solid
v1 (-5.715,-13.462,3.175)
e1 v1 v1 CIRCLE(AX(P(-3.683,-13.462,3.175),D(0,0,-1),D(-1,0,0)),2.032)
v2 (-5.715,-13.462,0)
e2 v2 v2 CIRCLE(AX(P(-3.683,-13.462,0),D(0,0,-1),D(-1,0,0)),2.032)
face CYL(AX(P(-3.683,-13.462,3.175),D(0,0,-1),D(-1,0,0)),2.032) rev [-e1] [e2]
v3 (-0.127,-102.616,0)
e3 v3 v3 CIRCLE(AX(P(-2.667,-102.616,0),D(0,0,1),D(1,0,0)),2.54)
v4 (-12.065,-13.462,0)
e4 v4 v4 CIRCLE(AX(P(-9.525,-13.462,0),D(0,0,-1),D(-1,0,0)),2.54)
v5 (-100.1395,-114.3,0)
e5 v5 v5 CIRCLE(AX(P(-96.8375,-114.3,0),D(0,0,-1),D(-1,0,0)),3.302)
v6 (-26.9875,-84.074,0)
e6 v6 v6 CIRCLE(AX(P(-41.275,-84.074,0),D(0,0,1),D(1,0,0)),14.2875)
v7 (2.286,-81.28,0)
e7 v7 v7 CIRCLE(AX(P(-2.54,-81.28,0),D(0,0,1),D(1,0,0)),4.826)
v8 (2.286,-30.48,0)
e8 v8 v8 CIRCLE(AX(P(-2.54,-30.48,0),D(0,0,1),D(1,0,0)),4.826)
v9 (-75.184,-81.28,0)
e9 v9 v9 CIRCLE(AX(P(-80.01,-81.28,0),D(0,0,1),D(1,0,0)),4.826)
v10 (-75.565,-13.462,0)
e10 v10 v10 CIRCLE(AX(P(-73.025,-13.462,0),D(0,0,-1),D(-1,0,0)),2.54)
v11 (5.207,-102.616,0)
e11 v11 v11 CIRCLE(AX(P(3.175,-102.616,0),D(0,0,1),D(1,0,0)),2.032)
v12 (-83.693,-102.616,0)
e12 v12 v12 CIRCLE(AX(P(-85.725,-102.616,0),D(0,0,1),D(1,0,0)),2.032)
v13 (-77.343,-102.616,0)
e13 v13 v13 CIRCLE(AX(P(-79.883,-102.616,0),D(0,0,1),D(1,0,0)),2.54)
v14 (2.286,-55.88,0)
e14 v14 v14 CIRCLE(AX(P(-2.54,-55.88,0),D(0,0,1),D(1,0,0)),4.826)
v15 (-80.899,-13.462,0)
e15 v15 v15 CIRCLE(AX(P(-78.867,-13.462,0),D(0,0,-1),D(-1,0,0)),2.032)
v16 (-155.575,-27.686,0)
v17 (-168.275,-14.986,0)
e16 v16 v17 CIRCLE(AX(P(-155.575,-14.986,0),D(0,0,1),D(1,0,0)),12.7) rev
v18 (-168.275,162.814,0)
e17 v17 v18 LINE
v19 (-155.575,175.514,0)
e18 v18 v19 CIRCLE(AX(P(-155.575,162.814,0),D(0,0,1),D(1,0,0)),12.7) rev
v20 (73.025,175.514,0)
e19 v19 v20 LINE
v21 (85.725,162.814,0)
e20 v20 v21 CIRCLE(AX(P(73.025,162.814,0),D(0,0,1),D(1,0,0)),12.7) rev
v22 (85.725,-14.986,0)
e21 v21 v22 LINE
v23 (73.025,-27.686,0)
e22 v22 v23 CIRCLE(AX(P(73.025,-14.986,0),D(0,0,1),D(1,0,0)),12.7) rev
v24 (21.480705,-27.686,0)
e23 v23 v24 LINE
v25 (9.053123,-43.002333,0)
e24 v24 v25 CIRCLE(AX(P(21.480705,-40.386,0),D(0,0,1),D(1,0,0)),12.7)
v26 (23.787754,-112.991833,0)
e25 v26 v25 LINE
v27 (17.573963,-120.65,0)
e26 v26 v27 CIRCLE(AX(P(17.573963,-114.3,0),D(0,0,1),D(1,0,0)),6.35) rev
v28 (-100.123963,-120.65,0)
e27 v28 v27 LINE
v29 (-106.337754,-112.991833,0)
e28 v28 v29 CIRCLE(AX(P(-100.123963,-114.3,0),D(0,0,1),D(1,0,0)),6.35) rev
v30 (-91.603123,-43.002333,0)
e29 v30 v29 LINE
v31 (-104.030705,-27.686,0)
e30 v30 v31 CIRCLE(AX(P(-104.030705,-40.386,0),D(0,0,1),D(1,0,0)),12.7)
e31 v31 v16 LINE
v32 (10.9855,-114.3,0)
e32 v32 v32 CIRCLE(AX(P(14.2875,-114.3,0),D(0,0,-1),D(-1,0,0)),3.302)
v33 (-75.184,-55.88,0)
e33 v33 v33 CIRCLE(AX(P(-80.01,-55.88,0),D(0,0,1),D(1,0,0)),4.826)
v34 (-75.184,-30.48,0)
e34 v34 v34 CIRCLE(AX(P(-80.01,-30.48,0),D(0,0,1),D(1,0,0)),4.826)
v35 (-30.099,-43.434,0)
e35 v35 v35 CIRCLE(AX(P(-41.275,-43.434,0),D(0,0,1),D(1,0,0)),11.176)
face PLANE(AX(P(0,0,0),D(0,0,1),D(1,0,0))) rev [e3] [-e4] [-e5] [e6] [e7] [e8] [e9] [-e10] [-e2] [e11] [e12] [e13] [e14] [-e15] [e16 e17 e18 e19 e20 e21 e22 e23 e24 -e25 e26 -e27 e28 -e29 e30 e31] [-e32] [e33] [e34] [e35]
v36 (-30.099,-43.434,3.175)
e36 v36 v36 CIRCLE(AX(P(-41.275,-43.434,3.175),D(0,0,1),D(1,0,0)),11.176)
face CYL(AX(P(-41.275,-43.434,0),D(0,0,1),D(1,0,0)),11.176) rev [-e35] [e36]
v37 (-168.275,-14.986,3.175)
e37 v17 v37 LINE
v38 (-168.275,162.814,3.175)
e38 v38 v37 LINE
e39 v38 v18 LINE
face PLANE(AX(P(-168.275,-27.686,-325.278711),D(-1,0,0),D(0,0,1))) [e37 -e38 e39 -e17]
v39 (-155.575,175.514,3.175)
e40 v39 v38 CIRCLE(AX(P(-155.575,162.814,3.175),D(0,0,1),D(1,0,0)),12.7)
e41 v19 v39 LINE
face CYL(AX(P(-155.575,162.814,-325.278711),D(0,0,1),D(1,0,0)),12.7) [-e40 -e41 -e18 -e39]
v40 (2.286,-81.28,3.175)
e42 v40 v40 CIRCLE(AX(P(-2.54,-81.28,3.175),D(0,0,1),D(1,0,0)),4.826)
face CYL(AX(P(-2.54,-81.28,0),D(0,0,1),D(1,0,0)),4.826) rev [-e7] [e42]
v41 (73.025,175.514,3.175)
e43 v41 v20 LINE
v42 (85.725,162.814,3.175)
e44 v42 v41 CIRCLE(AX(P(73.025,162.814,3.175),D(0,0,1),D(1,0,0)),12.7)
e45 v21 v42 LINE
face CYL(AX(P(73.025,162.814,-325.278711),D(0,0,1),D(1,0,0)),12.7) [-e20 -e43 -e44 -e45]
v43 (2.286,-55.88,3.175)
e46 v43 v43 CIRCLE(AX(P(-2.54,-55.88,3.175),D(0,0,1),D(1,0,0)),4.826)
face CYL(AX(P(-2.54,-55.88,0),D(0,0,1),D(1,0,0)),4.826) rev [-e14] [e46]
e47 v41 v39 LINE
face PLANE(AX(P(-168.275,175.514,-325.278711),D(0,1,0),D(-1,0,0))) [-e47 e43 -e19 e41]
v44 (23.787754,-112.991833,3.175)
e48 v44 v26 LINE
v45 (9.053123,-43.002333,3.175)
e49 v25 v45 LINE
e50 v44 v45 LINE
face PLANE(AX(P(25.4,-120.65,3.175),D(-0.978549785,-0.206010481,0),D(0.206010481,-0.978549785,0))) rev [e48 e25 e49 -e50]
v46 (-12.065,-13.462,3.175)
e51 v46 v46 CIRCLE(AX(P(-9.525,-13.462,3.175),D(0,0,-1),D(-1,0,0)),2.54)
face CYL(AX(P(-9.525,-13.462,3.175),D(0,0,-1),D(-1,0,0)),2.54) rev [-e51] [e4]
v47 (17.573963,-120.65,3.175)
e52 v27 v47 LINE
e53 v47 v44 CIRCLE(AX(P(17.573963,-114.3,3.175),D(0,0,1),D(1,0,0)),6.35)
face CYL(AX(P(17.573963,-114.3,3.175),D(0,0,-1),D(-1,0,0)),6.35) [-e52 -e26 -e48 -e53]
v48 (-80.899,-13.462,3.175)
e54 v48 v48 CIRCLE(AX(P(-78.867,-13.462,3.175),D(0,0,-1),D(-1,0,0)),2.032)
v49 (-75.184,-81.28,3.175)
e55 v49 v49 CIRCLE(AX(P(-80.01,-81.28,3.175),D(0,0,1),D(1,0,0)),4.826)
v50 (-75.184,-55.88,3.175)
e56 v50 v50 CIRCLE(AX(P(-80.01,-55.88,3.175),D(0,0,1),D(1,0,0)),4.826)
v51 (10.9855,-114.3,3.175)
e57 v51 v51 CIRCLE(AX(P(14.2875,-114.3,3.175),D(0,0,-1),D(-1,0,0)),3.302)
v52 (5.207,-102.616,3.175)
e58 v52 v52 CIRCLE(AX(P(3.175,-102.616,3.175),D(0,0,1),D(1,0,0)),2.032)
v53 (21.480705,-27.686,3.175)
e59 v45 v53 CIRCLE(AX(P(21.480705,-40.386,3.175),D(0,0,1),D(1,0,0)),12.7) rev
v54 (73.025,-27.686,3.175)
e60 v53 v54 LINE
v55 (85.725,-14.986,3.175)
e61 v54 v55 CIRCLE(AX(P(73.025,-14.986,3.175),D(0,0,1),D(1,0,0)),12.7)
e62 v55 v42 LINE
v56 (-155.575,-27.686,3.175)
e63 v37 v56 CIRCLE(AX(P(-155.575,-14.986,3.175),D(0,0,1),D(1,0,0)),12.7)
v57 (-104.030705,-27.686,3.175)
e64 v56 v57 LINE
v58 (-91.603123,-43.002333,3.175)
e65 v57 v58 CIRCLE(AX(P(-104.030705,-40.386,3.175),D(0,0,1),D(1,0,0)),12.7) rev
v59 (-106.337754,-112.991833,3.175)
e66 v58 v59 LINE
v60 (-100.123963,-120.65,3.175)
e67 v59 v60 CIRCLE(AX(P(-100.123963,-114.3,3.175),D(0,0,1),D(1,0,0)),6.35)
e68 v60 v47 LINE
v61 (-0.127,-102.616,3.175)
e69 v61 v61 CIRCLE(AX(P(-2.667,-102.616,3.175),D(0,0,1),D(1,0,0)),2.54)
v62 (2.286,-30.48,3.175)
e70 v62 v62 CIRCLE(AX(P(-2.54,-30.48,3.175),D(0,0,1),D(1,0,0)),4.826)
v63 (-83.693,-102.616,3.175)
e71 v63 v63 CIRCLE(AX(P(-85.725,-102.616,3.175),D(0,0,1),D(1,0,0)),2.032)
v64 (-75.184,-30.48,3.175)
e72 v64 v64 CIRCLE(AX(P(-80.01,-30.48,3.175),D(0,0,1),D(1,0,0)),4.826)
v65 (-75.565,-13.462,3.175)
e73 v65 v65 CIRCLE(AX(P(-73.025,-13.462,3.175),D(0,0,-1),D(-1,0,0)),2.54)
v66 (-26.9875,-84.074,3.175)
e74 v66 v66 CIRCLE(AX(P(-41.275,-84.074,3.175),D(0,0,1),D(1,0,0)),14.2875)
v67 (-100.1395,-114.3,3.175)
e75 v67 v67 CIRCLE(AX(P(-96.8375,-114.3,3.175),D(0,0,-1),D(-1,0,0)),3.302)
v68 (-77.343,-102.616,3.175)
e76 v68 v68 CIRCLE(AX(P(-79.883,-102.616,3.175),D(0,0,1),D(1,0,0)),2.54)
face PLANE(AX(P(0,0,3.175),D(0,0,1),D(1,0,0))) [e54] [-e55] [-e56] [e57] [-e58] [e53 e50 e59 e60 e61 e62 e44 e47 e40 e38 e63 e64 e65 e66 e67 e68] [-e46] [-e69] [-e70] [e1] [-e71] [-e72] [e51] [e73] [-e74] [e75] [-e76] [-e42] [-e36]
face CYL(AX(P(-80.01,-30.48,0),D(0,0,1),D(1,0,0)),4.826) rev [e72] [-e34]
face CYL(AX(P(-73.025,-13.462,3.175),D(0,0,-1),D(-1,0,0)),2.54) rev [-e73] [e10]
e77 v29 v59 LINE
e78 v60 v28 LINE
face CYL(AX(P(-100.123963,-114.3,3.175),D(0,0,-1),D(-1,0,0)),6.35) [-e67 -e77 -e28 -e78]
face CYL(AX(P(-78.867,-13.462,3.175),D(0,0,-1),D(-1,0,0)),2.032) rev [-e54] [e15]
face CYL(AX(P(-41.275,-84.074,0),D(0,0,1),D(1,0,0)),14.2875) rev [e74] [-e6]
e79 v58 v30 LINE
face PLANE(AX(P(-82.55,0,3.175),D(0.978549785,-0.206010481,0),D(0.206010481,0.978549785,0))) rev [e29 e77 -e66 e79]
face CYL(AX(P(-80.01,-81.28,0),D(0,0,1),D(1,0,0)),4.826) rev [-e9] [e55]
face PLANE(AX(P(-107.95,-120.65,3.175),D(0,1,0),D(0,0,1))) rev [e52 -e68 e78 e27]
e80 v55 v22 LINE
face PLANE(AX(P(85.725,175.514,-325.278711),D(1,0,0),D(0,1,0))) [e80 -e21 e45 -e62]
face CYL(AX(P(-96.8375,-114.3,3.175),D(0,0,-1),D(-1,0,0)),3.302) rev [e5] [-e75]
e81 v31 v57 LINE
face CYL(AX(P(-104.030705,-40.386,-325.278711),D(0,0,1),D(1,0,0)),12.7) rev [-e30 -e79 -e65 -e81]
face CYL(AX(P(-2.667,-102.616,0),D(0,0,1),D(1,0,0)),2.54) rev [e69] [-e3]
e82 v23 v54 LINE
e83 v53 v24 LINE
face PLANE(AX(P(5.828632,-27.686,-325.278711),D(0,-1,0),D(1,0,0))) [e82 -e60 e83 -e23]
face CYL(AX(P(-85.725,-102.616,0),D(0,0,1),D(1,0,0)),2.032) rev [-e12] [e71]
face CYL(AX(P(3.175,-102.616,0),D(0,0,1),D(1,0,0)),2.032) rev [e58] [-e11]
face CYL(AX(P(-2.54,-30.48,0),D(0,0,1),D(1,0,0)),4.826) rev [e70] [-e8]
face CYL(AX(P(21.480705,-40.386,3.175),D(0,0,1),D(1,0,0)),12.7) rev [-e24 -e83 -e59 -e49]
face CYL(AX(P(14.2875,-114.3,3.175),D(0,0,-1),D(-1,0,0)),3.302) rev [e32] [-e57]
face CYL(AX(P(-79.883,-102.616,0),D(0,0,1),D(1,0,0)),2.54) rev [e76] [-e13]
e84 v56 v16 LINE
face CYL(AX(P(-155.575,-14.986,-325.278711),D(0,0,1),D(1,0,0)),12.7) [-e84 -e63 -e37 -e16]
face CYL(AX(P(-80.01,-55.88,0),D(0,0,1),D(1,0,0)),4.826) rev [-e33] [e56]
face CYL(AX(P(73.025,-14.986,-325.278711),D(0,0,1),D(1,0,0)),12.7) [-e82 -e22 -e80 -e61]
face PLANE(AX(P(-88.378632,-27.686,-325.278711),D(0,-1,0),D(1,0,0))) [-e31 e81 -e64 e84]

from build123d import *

# Parameters (mm, degrees)
BOSS_EXTRUDE1_DEPTH = 3.175
FILLET1_R           = 6.35
SKETCH2_R           = 3.302
CUT_EXTRUDE1_DEPTH  = 161.944735796
SKETCH3_R           = 2.54
SKETCH3_R_2         = 2.032
CUT_EXTRUDE2_DEPTH  = 161.944735796
SKETCH4_R           = 14.2875
SKETCH4_R_2         = 11.176
SKETCH4_R_3         = 2.54
SKETCH4_R_4         = 2.032
CUT_EXTRUDE3_DEPTH  = 161.944735796
SKETCH5_R           = 4.826
CUT_EXTRUDE4_DEPTH  = 161.944735796
BOSS_EXTRUDE2_DEPTH = 3.175
FILLET2_R           = 12.7
FILLET3_R           = 12.7


with BuildPart() as part:
    # Sketch1 → Boss-Extrude1 (new body)
    with BuildSketch(Plane.XY):
        Polygon((0, 0), (-82.55, 0), (-107.95, -120.65), (25.4, -120.65), align=None)
    extrude(amount=BOSS_EXTRUDE1_DEPTH)

    # Fillet1
    fillet1_edges = [part.edges().sort_by_distance(p)[0] for p in [
        (25.4, -120.65, 1.5875),
        (-107.95, -120.65, 1.5875),
        (-82.55, 0, 1.5875),
        (0, 0, 1.5875),
    ]]
    fillet(fillet1_edges, radius=FILLET1_R)

    # Sketch2 → Cut-Extrude1 (cut, through all)
    with BuildSketch(Plane(origin=(0, 0, 0), x_dir=(-1, 0, 0), z_dir=(0, 0, -1))):
        with Locations((-14.2875, -114.3)):
            Circle(SKETCH2_R)
        with Locations((96.8375, -114.3)):
            Circle(SKETCH2_R)
    extrude(amount=-CUT_EXTRUDE1_DEPTH, mode=Mode.SUBTRACT)

    # Sketch3 → Cut-Extrude2 (cut, through all)
    with BuildSketch(Plane(origin=(0, 0, 0), x_dir=(-1, 0, 0), z_dir=(0, 0, -1))):
        with Locations((9.525, -13.462)):
            Circle(SKETCH3_R)
        with Locations((73.025, -13.462)):
            Circle(SKETCH3_R)
        with Locations((3.683, -13.462)):
            Circle(SKETCH3_R_2)
        with Locations((78.867, -13.462)):
            Circle(SKETCH3_R_2)
    extrude(amount=-CUT_EXTRUDE2_DEPTH, mode=Mode.SUBTRACT)

    # Sketch4 → Cut-Extrude3 (cut, through all)
    with BuildSketch(Plane.XY.offset(3.175)):
        with Locations((-41.275, -84.074)):
            Circle(SKETCH4_R)
        with Locations((-41.275, -43.434)):
            Circle(SKETCH4_R_2)
        with Locations((-2.667, -102.616)):
            Circle(SKETCH4_R_3)
        with Locations((-79.883, -102.616)):
            Circle(SKETCH4_R_3)
        with Locations((-85.725, -102.616)):
            Circle(SKETCH4_R_4)
        with Locations((3.175, -102.616)):
            Circle(SKETCH4_R_4)
    extrude(amount=-CUT_EXTRUDE3_DEPTH, mode=Mode.SUBTRACT)

    # Sketch5 → Cut-Extrude4 (cut, through all)
    with BuildSketch(Plane.XY.offset(3.175)):
        with Locations((-80.01, -30.48)):
            Circle(SKETCH5_R)
        with Locations((-80.01, -55.88)):
            Circle(SKETCH5_R)
        with Locations((-80.01, -81.28)):
            Circle(SKETCH5_R)
        with Locations((-2.54, -81.28)):
            Circle(SKETCH5_R)
        with Locations((-2.54, -55.88)):
            Circle(SKETCH5_R)
        with Locations((-2.54, -30.48)):
            Circle(SKETCH5_R)
    extrude(amount=-CUT_EXTRUDE4_DEPTH, mode=Mode.SUBTRACT)

    # Sketch6 → Boss-Extrude2 (add)
    with BuildSketch(Plane.XY.offset(3.175)):
        with BuildLine():
            Line((-88.378631579, -27.686), (-168.275, -27.686))
            Line((-168.275, -27.686), (-168.275, 175.514))
            Line((-168.275, 175.514), (85.725, 175.514))
            Line((85.725, 175.514), (85.725, -27.686))
            Line((85.725, -27.686), (5.828631579, -27.686))
            Line((5.828631579, -27.686), (1.06143862, -5.041833445))
            ThreePointArc((1.06143862, -5.041833445), (-1.151374985, -1.419008334), (-5.152352515, 0))
            Line((-5.152352515, 0), (-77.397647485, 0))
            ThreePointArc((-77.397647485, 0), (-81.398625015, -1.419008334), (-83.61143862, -5.041833445))
            Line((-83.61143862, -5.041833445), (-88.378631579, -27.686))
        make_face()
    extrude(amount=-BOSS_EXTRUDE2_DEPTH)

    # Fillet2
    fillet2_edges = [part.edges().sort_by_distance(p)[0] for p in [
        (-88.378631579, -27.686, 1.5875),
        (5.828631579, -27.686, 1.5875),
    ]]
    fillet(fillet2_edges, radius=FILLET2_R)

    # Fillet3
    fillet3_edges = [part.edges().sort_by_distance(p)[0] for p in [
        (-168.275, -27.686, 1.5875),
        (-168.275, 175.514, 1.5875),
        (85.725, 175.514, 1.5875),
        (85.725, -27.686, 1.5875),
    ]]
    fillet(fillet3_edges, radius=FILLET3_R)


solid = part.part
